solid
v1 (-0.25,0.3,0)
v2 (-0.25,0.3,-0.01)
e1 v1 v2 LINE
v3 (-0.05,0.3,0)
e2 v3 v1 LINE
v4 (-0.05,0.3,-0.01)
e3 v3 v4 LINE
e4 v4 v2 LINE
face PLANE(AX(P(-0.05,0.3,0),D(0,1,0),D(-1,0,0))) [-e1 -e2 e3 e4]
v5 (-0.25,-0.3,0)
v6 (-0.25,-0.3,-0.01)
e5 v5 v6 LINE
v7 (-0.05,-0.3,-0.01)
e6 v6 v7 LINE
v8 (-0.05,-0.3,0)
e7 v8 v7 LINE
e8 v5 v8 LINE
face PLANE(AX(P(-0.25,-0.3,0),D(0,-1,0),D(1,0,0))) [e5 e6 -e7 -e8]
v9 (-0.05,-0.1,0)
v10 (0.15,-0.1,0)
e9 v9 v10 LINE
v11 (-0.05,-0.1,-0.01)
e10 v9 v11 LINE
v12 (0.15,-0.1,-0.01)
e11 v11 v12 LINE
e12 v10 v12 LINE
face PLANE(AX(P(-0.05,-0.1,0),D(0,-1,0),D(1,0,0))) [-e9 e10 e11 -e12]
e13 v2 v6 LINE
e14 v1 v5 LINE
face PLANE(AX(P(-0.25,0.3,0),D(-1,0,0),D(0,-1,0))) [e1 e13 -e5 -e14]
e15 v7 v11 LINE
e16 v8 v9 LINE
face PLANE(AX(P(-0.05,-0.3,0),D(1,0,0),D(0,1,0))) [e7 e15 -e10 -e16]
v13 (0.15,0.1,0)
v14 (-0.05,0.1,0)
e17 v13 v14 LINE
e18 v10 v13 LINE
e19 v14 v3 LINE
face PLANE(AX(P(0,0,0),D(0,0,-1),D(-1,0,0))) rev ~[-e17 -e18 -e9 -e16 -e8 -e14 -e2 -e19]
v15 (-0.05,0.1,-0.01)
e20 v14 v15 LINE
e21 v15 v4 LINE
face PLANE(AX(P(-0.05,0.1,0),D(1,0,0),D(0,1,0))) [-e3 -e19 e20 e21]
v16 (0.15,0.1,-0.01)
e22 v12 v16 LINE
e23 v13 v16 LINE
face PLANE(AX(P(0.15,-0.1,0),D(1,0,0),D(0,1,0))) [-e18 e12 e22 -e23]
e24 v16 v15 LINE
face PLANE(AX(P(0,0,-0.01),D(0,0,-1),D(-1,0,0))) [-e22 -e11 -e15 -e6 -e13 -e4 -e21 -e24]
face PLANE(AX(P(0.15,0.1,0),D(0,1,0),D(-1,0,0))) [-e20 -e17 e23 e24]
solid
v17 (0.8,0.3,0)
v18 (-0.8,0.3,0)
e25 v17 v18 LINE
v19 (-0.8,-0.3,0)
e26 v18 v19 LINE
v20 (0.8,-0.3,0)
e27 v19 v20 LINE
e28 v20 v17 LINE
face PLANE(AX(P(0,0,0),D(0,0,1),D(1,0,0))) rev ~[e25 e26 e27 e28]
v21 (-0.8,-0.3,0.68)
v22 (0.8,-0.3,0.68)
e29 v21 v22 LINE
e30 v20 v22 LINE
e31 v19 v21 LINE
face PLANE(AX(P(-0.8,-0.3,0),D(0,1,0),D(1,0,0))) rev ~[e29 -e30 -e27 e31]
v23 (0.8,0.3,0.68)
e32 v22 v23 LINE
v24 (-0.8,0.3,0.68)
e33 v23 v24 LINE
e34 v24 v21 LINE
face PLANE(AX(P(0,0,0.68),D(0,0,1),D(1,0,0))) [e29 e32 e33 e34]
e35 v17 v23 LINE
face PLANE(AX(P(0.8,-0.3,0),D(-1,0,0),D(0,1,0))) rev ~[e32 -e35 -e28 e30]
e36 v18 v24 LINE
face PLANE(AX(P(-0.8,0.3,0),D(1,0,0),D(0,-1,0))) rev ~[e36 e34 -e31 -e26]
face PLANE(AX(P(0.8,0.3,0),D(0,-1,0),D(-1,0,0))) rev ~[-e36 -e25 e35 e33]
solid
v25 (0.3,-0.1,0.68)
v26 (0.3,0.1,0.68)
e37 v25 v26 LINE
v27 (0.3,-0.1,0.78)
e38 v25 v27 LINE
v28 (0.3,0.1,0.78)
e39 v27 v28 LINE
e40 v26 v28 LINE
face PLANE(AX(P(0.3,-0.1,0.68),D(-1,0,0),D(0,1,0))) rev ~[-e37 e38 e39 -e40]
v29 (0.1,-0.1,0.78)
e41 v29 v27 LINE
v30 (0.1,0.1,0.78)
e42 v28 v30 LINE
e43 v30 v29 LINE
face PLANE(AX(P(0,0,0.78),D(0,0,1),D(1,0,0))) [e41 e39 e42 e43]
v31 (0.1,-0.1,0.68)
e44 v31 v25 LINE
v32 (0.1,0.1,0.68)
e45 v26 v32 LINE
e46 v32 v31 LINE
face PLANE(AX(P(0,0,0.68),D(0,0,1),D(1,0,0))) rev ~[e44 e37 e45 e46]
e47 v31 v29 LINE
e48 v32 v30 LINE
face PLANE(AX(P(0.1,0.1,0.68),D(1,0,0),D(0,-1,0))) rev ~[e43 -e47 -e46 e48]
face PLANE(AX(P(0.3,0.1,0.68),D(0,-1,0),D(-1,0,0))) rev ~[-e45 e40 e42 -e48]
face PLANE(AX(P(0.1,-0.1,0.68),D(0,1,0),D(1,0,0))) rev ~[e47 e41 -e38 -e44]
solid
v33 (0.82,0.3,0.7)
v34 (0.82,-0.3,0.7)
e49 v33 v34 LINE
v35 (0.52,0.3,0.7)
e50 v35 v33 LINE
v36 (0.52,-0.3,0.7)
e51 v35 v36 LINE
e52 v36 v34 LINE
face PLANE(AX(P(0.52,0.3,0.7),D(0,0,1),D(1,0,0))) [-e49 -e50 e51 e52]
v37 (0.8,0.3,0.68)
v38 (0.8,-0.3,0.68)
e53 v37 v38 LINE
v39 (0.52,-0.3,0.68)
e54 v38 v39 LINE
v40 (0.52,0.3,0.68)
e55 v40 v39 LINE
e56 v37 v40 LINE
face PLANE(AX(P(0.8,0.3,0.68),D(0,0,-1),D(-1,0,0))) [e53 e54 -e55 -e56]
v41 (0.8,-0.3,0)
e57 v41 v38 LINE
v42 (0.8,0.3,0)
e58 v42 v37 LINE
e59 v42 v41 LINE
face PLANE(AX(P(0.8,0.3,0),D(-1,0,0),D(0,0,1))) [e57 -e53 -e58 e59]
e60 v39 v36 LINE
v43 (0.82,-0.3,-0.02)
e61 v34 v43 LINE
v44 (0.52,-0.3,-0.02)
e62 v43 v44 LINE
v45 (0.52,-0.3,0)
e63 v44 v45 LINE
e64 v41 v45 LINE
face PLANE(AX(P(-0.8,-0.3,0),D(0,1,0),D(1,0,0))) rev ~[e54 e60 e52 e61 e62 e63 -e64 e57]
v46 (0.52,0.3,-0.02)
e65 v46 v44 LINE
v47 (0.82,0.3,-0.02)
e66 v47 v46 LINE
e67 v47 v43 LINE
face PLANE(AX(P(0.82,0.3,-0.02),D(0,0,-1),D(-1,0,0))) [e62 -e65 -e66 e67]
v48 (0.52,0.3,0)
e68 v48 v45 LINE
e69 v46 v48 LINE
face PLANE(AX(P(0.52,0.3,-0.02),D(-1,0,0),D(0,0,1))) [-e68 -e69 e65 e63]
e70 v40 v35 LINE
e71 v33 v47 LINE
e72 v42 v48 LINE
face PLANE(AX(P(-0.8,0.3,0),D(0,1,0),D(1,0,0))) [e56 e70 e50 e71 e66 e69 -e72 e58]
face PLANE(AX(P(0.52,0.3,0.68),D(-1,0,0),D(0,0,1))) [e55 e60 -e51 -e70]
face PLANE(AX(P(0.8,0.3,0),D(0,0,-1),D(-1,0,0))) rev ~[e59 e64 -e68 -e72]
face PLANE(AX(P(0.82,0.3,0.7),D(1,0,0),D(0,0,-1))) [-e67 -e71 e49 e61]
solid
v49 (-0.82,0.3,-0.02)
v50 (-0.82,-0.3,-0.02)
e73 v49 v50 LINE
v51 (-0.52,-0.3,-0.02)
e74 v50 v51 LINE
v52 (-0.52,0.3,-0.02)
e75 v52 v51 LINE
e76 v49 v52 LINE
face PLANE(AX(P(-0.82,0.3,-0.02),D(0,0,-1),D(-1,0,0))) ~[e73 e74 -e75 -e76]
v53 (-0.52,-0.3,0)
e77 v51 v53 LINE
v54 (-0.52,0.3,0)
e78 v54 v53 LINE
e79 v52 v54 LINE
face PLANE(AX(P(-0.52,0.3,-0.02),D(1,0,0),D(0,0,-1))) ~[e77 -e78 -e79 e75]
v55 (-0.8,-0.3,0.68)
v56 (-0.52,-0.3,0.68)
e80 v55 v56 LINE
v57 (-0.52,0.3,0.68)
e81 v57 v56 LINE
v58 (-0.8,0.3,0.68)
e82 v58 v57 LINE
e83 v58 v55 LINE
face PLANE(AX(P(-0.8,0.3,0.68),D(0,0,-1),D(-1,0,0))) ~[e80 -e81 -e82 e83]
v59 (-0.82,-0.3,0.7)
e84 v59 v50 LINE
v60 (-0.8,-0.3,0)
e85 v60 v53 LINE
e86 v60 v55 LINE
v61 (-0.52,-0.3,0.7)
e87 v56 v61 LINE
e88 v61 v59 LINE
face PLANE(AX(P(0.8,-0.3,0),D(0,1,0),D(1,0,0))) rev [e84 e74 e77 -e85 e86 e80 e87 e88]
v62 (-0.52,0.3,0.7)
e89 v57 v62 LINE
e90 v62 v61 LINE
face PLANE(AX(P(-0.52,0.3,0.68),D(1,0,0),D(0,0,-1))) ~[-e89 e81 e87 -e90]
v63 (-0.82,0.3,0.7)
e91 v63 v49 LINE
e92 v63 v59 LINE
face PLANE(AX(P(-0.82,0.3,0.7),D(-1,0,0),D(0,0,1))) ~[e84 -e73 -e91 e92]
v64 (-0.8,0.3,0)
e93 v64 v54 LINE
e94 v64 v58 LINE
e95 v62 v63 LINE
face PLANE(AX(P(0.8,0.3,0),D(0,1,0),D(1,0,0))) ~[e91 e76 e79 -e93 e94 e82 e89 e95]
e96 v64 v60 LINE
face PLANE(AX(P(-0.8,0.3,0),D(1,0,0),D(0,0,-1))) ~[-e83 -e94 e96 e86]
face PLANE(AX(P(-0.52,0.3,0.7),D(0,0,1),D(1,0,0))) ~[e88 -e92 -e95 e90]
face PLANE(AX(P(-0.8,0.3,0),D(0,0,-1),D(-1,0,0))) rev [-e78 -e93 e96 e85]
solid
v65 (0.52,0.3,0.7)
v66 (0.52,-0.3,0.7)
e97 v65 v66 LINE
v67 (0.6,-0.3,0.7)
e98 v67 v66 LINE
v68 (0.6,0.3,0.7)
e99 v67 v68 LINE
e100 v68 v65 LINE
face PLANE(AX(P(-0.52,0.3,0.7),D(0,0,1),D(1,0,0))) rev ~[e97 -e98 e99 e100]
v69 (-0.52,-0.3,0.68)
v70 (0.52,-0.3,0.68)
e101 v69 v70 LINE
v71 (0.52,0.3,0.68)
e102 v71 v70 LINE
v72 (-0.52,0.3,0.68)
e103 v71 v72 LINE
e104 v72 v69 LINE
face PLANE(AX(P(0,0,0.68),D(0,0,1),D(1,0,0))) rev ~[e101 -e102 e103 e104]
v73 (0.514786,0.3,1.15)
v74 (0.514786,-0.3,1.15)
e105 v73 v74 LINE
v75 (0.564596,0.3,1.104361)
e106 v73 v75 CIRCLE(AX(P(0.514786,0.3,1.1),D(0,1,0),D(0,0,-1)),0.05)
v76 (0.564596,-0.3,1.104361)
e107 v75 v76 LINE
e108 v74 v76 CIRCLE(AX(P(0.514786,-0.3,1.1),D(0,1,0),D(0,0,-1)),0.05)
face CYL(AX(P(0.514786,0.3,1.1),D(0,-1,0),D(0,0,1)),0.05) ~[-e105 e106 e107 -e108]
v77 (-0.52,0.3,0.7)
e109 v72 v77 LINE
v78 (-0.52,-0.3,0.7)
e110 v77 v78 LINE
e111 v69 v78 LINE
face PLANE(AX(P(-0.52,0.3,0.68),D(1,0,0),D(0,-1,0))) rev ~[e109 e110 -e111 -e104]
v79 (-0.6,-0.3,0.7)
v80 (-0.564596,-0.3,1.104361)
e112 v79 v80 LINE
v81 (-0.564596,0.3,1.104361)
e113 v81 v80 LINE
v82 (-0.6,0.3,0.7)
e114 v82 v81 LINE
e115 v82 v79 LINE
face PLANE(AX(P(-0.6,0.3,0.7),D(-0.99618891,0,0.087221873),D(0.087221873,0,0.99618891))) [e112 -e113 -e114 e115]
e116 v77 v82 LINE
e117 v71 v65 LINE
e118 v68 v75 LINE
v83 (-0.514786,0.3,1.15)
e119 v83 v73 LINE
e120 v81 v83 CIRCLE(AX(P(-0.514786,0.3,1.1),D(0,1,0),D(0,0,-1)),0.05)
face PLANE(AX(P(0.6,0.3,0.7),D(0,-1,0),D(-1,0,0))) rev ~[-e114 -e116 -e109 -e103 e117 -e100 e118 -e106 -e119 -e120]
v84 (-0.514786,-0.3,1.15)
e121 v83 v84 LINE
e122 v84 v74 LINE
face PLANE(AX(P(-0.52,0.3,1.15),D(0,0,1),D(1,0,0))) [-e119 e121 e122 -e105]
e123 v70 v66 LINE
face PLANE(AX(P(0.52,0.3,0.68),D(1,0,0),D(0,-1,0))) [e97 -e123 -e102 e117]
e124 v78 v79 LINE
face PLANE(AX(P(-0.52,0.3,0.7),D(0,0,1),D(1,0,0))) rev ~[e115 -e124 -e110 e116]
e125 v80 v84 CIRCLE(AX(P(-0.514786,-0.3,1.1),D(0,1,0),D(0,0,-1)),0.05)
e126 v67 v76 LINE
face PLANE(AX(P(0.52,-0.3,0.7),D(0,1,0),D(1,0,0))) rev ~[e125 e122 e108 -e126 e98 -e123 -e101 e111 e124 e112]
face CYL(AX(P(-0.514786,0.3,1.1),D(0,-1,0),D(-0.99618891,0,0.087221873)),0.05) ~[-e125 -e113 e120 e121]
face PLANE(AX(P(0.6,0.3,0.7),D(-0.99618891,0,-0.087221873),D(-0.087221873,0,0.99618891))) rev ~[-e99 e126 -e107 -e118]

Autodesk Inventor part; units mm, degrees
ref_plane "YZ Plane" through (0, 0, 0) normal (1, 0, 0) x (0, 1, 0)
ref_plane "XZ Plane" through (0, 0, 0) normal (0, 1, 0) x (-1, 0, 0)
ref_plane "XY Plane" through (0, 0, 0) normal (0, 0, 1) x (1, 0, 0)
sketch "Sketch1" plane through (0, 0, 0) normal (0, 0, 1) x (1, 0, 0)
  line L0 (0.8, 0.3) -> (-0.8, 0.3)
  line L1 (-0.8, 0.3) -> (-0.8, -0.3)
  line L2 (-0.8, -0.3) -> (0.8, -0.3)
  line L3 (0.8, -0.3) -> (0.8, 0.3)
  line L4 (0.8, 0.3) -> (-0.8, -0.3) construction
  line L5 (-0.8, 0.3) -> (0.8, -0.3) construction
  point P0 (0, 0)
  dimension "d0" = 1.6
  dimension "d1" = 0.6
extrude "Extrusion1" add sketch "Sketch1" along normal blind 0.68
sketch "Sketch2" plane through (0, 0, 0.68) normal (0, 0, 1) x (1, 0, 0)
  line L0 (0.8, 0.3) -> (-0.8, 0.3) projected
  line L1 (-0.8, 0.3) -> (-0.8, -0.3) projected
  line L2 (-0.8, -0.3) -> (0.8, -0.3) projected
  line L3 (0.8, -0.3) -> (0.8, 0.3) projected
  line L4 (0.3, 0.1) -> (0.1, 0.1)
  line L5 (0.1, 0.1) -> (0.1, -0.1)
  line L6 (0.1, -0.1) -> (0.3, -0.1)
  line L7 (0.3, -0.1) -> (0.3, 0.1)
  line L8 (0.3, 0.1) -> (0.1, -0.1) construction
  line L9 (0.1, 0.1) -> (0.3, -0.1) construction
  point P0 (0, 0)
  point P1 (0.2, 0)
  dimension "d4" = 0.2
  dimension "d5" = 0.2
  dimension "d6" = 1
extrude "Extrusion2" add sketch "Sketch2" along normal blind 0.1 separate body contours L7 L6 L5 L4
sketch "Sketch3" plane through (-0.8, 0.3, 0) normal (0, 1, 0) x (1, 0, 0)
  line L0 (1.6, 0) -> (0, 0) projected
  line L1 (0, 0) -> (0, -0.68) projected
  line L2 (1.6, -0.68) -> (0, -0.68) projected
  line L3 (1.6, 0) -> (1.6, -0.68) projected
  line L4 (1.32, -0.68) -> (1.32, -0.7)
  line L5 (1.32, -0.7) -> (1.62, -0.7)
  line L6 (1.62, -0.7) -> (1.62, 0.02)
  line L7 (1.62, 0.02) -> (1.32, 0.02)
  line L8 (1.32, 0.02) -> (1.32, 0)
  line L9 (1.6, 0) -> (0, 0) projected
  point P0 (0.8, 0)
  dimension "d9" = 0.02
  dimension "d10" = 0.02
  dimension "d11" = 0.02
  dimension "d12" = 0.3
extrude "Extrusion3" add sketch "Sketch3" against normal up to surface (0.6 mm away) separate body contours L0 L8 L7 L6 L5 L4 L2 L3
mirror "Mirror1" about plane through (0, 0, 0) normal (1, 0, 0) of "Extrusion3" bodies 3
sketch "Sketch4" plane through (0, 0, 0.68) normal (0, 0, 1) x (1, 0, 0)
  line L0 (0.8, 0.3) -> (-0.8, 0.3) projected
  line L1 (-0.8, 0.3) -> (-0.8, -0.3) projected
  line L2 (-0.8, -0.3) -> (0.8, -0.3) projected
  line L3 (0.8, -0.3) -> (0.8, 0.3) projected
  line L4 (0.6123, 0.3) -> (-0.6123, 0.3)
  line L5 (-0.6123, 0.3) -> (-0.6123, -0.3)
  line L6 (-0.6123, -0.3) -> (0.6123, -0.3)
  line L7 (0.6123, -0.3) -> (0.6123, 0.3)
  line L8 (0.6123, 0.3) -> (-0.6123, -0.3) construction
  line L9 (-0.6123, 0.3) -> (0.6123, -0.3) construction
  line L10 (0.52, 0.3) -> (0.52, -0.3) projected
  line L11 (-0.52, 0.3) -> (-0.52, -0.3) projected
  point P0 (0, 0)
extrude "Extrusion4" add sketch "Sketch4" along normal up to surface (0.02 mm away) separate body contours L10 L2 L11 L0
sketch "Sketch5" plane through (-0.52, 0.3, 0.7) normal (0, 0, 1) x (1, 0, 0)
  line L0 (1.04, 0) -> (1.04, -0.6) projected
  line L1 (0, 0) -> (1.04, 0) projected
  line L2 (0, -0.6) -> (0, 0) projected
  line L3 (1.04, -0.6) -> (0, -0.6) projected
  line L4 (1.12, 0) -> (-0.08, 0)
  line L5 (-0.08, 0) -> (-0.08, -0.6)
  line L6 (-0.08, -0.6) -> (1.12, -0.6)
  line L7 (1.12, -0.6) -> (1.12, 0)
  line L8 (1.12, 0) -> (-0.08, -0.6) construction
  line L9 (-0.08, 0) -> (1.12, -0.6) construction
  point P0 (0.52, -0.3)
  dimension "d17" = 1.2
extrude "Extrusion5" add sketch "Sketch5" along normal blind 0.45 bodies 4
sketch "Sketch6" plane through (-0.52, 0.3, 0.68) normal (0, 1, 0) x (1, 0, 0)
  line L0 (1.04, 0) -> (1.04, -0.02) projected
  line L1 (1.04, 0) -> (0, 0) projected
  line L2 (0, 0) -> (0, -0.02) projected
  line L3 (0, -0.02) -> (-0.08, -0.02) projected
  line L4 (-0.08, -0.02) -> (-0.08, -0.47) projected
  line L5 (1.12, -0.47) -> (-0.08, -0.47) projected
  line L6 (1.12, -0.02) -> (1.12, -0.47) projected
  line L7 (1.12, -0.02) -> (1.04, -0.02) projected
  line L8 (1.12, -0.02) -> (1.0806, -0.47)
  line L9 (-0.08, -0.02) -> (-0.0406, -0.47)
  point P0 (0.52, 0.68)
  dimension "d20" = 5
  dimension "d21" = 5
extrude "Extrusion6" cut sketch "Sketch6" against normal through all contours L6 L5 L8 | L9 L5 L4 bodies 4
fillet "Fillet1" radius 0.05 2 edges at (0.5606, 0, 1.15) (-0.5606, 0, 1.15)
sketch "Sketch7" plane through (0, 0, 0) normal (0, 0, -1) x (-1, 0, 0)
  line L0 (-0.8, 0.3) -> (0.8, 0.3) projected
  line L1 (-0.8, -0.3) -> (-0.8, 0.3) projected
  line L2 (0.8, -0.3) -> (-0.8, -0.3) projected
  line L3 (0.8, 0.3) -> (0.8, -0.3) projected
  line L4 (-0.8, 0.3) -> (0.8, 0.3) projected
  line L5 (0.25, -0.3) -> (0.05, -0.3)
  line L6 (0.05, -0.3) -> (0.05, 0.3)
  line L7 (0.05, 0.3) -> (0.25, 0.3)
  line L8 (0.25, 0.3) -> (0.25, -0.3)
  line L9 (0.25, -0.3) -> (0.05, 0.3) construction
  line L10 (0.05, -0.3) -> (0.25, 0.3) construction
  line L11 (0.05, -0.1) -> (-0.15, -0.1)
  line L12 (-0.15, -0.1) -> (-0.15, 0.1)
  line L13 (-0.15, 0.1) -> (0.05, 0.1)
  line L14 (0.05, 0.1) -> (0.05, -0.1)
  line L15 (0.8, -0.3) -> (-0.8, -0.3) projected
  point P0 (0, 0)
  point P1 (0.15, 0)
  dimension "d25" = 0.1
  dimension "d26" = 0.1
  dimension "d27" = 0.2
  dimension "d28" = 0.05
  dimension "d29" = 0.15
extrude "Extrusion7" add sketch "Sketch7" along normal blind 0.01 separate body contours L0 L8 L2 L6 | L6 L11 L12 L13
equation "\"d21\" = d20"
properties part number "LTST-S270GKT" material "ABS Plastic"
